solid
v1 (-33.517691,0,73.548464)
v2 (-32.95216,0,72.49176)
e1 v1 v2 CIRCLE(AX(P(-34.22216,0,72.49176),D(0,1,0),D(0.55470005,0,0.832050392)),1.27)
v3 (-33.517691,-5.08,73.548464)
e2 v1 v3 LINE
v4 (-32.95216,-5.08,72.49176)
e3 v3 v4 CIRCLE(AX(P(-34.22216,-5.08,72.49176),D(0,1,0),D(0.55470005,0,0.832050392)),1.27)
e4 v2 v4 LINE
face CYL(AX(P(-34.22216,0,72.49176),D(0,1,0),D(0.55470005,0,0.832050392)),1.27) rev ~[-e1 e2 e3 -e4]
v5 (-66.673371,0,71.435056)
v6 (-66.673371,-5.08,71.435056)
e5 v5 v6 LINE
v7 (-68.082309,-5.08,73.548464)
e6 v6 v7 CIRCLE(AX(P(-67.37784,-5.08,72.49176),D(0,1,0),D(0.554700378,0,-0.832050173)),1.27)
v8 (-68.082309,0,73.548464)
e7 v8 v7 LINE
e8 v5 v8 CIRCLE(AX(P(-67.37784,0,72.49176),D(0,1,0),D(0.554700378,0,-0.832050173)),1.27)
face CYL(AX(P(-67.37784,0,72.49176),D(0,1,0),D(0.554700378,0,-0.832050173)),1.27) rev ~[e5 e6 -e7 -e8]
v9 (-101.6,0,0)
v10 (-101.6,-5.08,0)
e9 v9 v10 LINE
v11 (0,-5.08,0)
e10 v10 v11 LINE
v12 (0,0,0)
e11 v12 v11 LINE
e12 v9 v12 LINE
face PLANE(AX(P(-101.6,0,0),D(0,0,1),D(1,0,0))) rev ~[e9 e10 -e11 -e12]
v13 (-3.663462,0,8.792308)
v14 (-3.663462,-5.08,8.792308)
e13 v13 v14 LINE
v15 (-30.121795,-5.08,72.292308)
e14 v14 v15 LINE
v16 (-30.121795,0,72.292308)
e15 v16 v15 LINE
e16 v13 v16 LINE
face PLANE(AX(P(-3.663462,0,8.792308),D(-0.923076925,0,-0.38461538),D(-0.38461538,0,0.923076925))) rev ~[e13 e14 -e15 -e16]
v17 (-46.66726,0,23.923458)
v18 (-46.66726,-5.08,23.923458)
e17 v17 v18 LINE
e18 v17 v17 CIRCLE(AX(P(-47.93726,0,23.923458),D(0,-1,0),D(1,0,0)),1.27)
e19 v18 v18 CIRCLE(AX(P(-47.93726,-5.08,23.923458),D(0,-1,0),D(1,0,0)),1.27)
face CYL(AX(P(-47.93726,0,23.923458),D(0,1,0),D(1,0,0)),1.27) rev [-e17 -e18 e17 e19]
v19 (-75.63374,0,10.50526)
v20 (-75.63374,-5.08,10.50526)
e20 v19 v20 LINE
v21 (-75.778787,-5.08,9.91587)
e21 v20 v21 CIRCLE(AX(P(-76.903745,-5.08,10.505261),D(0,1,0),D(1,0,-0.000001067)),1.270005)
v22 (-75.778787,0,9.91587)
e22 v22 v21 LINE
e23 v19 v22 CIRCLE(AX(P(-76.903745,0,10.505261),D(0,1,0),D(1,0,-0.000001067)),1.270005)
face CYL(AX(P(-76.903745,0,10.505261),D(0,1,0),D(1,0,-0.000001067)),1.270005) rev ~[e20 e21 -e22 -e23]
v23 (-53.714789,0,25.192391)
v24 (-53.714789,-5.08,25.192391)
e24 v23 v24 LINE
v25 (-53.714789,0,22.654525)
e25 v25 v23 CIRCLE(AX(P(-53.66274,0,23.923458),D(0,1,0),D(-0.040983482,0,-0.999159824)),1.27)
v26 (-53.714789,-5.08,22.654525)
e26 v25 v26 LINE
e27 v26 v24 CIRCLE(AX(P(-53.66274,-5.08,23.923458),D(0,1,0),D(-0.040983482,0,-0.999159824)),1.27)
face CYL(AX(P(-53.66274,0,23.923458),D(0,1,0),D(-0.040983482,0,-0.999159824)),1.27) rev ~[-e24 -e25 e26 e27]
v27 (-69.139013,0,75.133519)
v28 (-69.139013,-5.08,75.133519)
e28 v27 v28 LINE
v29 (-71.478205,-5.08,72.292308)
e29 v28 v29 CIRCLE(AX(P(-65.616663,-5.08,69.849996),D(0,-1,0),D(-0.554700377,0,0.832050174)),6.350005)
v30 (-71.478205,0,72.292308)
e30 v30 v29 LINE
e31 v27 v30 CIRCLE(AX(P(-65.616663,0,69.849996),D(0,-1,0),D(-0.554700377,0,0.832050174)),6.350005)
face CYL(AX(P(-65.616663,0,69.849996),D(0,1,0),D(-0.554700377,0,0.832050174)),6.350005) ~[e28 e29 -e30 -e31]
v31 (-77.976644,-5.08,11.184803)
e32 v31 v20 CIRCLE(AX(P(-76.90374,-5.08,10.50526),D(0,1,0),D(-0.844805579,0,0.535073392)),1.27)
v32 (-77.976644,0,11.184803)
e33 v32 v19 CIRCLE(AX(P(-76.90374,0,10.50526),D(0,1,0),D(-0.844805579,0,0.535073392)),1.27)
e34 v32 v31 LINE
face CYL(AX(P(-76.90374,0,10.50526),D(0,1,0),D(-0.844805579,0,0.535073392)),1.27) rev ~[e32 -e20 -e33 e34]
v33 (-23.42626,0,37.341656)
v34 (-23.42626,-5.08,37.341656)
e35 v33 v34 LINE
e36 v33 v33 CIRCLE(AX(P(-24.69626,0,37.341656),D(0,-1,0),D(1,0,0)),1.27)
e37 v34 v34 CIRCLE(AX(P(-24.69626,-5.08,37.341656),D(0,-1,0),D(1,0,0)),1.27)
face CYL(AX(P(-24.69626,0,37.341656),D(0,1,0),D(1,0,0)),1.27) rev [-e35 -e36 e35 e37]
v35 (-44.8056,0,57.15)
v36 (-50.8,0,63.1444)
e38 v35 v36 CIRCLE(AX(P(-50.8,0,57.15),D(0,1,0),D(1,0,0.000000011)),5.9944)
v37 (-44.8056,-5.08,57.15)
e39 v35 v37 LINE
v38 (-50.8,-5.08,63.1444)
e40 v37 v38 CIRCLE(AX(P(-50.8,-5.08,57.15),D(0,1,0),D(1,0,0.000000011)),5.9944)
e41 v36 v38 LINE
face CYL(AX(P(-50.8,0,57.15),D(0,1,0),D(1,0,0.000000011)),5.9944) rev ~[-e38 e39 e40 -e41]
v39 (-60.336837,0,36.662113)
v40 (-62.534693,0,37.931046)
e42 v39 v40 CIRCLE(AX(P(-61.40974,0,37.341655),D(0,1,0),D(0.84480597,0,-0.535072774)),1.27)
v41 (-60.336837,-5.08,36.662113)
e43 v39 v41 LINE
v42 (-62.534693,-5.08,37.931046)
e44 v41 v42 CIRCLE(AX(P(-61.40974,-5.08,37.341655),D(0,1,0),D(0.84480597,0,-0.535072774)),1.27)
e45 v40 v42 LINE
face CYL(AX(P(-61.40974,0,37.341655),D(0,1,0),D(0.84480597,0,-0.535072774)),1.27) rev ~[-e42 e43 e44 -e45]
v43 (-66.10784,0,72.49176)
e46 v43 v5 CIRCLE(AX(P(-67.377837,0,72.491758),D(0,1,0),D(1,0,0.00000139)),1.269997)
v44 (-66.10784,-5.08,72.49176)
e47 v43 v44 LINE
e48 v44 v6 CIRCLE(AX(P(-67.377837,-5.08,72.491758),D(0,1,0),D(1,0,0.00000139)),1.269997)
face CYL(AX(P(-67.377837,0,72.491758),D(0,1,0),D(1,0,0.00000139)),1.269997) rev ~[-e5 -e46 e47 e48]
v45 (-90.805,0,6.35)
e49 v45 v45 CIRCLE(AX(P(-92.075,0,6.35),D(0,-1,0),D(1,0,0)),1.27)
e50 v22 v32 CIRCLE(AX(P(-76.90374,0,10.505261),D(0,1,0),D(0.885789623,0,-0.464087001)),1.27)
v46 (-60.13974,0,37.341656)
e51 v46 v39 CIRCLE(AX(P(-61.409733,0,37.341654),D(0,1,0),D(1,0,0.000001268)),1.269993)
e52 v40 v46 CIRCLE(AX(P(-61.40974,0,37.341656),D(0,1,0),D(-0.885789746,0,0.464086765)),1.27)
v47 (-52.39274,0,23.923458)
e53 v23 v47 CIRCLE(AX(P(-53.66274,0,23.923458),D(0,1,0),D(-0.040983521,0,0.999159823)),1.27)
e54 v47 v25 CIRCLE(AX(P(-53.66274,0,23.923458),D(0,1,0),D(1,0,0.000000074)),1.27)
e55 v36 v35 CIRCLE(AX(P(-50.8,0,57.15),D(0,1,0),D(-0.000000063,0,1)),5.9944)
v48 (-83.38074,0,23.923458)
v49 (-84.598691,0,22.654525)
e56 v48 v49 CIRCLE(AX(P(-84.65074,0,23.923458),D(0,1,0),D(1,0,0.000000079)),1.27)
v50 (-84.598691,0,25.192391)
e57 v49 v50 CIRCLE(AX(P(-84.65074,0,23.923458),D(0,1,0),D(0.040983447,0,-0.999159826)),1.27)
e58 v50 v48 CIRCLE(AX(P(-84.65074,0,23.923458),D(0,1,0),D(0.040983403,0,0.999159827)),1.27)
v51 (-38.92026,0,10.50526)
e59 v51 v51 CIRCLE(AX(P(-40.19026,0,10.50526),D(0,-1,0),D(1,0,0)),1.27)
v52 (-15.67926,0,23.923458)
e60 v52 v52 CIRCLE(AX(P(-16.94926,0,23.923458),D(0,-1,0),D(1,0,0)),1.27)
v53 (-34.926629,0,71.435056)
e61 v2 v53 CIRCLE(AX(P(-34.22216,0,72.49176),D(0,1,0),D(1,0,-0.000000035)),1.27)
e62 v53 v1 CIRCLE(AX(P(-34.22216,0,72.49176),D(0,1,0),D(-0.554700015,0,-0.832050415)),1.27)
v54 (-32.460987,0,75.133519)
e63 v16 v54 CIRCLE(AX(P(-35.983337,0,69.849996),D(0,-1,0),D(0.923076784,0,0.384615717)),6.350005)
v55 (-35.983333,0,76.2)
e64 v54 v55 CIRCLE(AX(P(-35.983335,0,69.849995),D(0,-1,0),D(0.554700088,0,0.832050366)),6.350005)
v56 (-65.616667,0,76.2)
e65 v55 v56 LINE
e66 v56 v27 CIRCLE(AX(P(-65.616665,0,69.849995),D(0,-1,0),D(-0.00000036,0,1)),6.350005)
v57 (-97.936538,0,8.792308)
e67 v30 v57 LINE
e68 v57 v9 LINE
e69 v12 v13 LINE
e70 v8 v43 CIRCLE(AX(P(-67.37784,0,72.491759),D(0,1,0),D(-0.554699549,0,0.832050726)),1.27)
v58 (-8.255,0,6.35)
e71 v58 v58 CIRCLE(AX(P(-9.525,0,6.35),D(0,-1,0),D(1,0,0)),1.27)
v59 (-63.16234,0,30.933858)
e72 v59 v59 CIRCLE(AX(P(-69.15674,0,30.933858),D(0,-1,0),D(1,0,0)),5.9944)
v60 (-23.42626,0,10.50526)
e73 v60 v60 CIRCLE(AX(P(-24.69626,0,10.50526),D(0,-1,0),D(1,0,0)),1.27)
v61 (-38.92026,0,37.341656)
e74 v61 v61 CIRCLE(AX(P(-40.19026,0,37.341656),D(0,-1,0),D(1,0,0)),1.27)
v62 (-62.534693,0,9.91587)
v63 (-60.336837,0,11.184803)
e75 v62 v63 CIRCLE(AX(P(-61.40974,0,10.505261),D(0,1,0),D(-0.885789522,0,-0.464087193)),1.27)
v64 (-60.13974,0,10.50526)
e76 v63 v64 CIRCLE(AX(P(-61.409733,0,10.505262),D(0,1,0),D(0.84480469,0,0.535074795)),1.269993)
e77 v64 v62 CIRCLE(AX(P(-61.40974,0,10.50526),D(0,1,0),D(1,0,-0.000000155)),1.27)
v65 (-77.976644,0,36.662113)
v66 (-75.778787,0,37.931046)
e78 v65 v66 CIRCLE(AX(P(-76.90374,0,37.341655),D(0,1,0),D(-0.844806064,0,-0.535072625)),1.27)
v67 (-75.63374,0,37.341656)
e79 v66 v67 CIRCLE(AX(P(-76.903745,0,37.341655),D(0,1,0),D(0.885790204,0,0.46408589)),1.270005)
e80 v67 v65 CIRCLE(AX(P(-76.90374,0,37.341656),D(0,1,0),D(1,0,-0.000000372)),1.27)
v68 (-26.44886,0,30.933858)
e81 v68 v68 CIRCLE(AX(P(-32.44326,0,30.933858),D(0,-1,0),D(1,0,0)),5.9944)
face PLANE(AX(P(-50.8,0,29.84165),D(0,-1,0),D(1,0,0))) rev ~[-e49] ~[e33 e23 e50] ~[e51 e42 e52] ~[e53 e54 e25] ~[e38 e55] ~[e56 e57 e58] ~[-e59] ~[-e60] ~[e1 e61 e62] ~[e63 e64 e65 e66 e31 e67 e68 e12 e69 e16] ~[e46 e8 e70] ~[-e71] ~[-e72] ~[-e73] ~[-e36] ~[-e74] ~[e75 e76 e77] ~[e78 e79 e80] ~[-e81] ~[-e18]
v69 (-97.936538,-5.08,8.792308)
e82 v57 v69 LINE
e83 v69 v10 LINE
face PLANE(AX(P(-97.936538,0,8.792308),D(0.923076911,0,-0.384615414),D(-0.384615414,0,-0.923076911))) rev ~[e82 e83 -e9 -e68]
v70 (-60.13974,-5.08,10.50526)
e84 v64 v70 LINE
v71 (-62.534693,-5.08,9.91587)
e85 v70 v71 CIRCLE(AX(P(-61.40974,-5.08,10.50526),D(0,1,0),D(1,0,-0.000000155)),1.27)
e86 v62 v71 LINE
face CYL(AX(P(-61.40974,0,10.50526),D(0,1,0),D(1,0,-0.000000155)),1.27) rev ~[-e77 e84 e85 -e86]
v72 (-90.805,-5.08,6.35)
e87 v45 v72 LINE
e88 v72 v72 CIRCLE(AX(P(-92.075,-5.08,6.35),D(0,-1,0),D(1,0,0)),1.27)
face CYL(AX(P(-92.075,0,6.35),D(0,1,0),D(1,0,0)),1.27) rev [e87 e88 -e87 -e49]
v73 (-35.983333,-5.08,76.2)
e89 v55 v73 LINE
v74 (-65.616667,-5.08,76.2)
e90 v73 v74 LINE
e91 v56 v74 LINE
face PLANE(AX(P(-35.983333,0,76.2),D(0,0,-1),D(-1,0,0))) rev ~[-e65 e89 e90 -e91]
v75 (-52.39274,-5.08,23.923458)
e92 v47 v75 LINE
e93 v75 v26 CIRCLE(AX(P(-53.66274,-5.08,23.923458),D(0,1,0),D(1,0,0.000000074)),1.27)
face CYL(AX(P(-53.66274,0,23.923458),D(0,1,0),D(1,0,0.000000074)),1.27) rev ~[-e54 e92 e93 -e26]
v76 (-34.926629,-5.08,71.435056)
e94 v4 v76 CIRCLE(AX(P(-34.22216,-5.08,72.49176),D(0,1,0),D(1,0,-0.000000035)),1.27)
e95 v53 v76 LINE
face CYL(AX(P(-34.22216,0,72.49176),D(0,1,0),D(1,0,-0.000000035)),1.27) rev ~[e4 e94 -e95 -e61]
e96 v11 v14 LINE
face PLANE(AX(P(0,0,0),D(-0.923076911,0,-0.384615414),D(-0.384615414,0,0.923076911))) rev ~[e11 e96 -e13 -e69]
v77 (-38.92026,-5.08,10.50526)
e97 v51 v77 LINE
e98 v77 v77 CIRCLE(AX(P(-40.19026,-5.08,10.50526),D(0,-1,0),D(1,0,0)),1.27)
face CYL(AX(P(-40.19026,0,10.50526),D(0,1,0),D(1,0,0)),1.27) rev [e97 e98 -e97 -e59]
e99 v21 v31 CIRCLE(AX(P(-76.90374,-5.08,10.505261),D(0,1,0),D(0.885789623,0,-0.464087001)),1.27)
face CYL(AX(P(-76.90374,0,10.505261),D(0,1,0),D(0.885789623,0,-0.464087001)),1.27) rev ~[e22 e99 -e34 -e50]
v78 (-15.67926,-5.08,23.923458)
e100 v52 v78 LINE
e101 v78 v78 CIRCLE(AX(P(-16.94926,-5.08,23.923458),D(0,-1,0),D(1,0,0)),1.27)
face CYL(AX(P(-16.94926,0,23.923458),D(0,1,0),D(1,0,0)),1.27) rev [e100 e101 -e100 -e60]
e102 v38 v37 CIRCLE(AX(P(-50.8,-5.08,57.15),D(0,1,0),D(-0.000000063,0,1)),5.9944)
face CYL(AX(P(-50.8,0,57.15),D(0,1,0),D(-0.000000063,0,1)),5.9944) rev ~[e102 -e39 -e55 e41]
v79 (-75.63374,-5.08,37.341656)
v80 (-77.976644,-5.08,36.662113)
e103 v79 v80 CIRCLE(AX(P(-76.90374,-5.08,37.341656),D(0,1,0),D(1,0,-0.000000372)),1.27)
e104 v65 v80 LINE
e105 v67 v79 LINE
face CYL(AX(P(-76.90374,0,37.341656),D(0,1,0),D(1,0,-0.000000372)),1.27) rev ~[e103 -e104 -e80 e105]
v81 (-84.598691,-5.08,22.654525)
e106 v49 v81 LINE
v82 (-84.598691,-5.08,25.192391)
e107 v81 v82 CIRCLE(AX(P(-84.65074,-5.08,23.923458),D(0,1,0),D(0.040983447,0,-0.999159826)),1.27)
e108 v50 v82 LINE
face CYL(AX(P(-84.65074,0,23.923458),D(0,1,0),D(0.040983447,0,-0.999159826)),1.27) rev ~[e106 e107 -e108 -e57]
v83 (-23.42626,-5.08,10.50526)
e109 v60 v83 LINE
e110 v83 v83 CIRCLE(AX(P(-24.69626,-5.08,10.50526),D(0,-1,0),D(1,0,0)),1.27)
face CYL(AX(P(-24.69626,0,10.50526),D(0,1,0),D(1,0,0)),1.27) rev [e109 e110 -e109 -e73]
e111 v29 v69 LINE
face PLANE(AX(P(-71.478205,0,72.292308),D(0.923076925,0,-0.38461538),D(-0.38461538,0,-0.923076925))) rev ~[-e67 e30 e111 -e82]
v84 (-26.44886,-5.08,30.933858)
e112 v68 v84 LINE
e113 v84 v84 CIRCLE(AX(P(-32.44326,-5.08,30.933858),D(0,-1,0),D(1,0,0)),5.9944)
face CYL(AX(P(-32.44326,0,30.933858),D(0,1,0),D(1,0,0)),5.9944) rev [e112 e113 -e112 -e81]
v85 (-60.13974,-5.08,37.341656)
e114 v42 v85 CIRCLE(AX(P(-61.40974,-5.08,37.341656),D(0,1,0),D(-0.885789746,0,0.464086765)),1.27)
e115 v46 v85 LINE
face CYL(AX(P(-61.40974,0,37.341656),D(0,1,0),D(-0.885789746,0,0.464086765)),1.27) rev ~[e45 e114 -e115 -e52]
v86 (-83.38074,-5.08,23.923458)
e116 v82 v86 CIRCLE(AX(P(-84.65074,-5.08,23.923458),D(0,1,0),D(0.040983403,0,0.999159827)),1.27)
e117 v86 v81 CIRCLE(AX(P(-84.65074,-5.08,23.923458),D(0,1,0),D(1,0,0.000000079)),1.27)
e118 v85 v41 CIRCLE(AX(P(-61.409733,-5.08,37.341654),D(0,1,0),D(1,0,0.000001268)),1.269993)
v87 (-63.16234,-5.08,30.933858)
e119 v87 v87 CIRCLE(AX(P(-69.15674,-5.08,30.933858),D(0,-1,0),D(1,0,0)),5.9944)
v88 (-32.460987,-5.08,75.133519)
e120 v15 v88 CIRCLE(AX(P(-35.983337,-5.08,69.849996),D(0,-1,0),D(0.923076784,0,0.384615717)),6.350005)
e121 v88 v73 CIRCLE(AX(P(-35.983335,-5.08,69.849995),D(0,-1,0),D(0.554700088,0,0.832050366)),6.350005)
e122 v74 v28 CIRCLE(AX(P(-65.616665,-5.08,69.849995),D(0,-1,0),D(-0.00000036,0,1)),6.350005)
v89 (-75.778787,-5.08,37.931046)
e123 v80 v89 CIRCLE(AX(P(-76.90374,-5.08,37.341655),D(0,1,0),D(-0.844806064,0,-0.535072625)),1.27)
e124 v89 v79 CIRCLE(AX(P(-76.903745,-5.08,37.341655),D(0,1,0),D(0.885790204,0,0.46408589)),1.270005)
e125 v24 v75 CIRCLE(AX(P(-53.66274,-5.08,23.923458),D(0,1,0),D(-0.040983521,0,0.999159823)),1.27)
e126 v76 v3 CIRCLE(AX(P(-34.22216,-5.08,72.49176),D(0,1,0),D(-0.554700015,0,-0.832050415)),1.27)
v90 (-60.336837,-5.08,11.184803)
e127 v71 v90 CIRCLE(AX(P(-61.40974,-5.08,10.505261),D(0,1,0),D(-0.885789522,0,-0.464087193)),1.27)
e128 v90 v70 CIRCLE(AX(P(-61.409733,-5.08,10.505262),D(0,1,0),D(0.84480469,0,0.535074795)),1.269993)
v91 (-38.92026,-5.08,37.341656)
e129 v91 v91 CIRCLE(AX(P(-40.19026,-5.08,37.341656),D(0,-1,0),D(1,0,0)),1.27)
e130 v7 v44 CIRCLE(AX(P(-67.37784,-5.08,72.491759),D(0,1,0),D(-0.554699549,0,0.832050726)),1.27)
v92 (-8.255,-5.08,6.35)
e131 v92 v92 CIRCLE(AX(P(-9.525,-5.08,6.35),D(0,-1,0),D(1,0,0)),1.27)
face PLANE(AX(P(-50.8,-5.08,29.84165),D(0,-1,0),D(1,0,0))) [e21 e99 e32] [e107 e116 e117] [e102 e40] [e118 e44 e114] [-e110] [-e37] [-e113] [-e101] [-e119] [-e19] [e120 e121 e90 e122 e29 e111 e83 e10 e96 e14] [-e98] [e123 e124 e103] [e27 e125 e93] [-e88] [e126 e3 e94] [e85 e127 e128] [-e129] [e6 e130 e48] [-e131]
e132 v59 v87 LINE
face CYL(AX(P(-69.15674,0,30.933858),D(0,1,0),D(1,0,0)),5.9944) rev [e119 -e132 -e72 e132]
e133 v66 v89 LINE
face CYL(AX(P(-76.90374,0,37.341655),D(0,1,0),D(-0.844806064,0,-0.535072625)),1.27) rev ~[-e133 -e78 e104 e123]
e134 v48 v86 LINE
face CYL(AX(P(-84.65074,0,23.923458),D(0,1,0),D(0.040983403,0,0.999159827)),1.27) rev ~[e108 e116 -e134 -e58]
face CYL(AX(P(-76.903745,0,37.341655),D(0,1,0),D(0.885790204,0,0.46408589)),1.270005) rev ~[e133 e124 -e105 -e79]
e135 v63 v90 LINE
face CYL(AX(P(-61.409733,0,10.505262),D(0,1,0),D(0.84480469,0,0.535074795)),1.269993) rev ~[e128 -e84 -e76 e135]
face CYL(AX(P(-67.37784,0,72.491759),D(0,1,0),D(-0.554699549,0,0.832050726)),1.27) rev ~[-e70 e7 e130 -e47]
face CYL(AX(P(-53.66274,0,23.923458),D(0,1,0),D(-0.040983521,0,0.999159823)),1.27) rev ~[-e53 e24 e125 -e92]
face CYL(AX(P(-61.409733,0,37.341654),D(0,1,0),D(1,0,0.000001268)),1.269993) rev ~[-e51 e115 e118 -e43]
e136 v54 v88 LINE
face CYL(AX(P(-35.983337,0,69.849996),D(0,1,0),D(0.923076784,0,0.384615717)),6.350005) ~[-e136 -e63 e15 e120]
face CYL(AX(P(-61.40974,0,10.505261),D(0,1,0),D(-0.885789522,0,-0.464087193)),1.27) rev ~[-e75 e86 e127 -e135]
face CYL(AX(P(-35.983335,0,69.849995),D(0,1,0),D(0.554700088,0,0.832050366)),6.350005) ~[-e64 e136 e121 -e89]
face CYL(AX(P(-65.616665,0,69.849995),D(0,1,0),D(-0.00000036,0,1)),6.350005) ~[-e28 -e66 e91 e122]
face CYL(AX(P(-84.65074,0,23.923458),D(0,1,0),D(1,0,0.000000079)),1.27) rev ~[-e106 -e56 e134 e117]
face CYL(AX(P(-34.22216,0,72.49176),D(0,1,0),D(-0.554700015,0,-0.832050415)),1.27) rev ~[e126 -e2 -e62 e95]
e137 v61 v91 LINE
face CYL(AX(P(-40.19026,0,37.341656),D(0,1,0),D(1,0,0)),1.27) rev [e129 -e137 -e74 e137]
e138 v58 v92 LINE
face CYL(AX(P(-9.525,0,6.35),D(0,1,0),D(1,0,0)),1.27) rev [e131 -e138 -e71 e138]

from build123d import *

# Parameters (mm, degrees)
F0_R     = 1.27
F0_R_2   = 5.9944
F1_DEPTH = 5.08


with BuildPart() as f1:
    # F0 (on Front) → F1 (new body)
    with BuildSketch(Plane.XZ):
        with BuildLine():
            Line((-92.075, 0), (-9.525, 0))
            Line((-9.525, 0), (0, 0))
            Line((0, 0), (-3.663462, 8.792308))
            Line((-3.663462, 8.792308), (-30.121795, 72.292308))
            ThreePointArc((-30.121795, 72.292308), (-31.081044, 73.886094), (-32.460987, 75.133519))
            ThreePointArc((-32.460987, 75.133519), (-34.143204, 75.927534), (-35.983333, 76.2))
            Line((-35.983333, 76.2), (-50.8, 76.2))
            Line((-50.8, 76.2), (-65.616667, 76.2))
            ThreePointArc((-65.616667, 76.2), (-67.456796, 75.927534), (-69.139013, 75.133519))
            ThreePointArc((-69.139013, 75.133519), (-70.518956, 73.886094), (-71.478205, 72.292308))
            Line((-71.478205, 72.292308), (-97.936538, 8.792308))
            Line((-97.936538, 8.792308), (-101.6, 0))
            Line((-101.6, 0), (-92.075, 0))
        make_face()
        with Locations((-92.075, 6.35)):
            Circle(F0_R, mode=Mode.SUBTRACT)
        with BuildLine():
            ThreePointArc((-60.336837, 36.662113), (-55.738543, 31.670458), (-53.714789, 25.192391))
            ThreePointArc((-53.714789, 25.192391), (-52.783309, 24.839701), (-52.39274, 23.923458))
            ThreePointArc((-52.39274, 23.923458), (-52.783309, 23.007215), (-53.714789, 22.654525))
            ThreePointArc((-53.714789, 22.654525), (-55.738543, 16.176458), (-60.336837, 11.184803))
            ThreePointArc((-60.336837, 11.184803), (-60.190009, 10.859035), (-60.13974, 10.50526))
            ThreePointArc((-60.13974, 10.50526), (-61.106252, 9.272055), (-62.534693, 9.91587))
            ThreePointArc((-62.534693, 9.91587), (-69.15674, 8.429458), (-75.778787, 9.91587))
            ThreePointArc((-75.778787, 9.91587), (-77.53874, 9.405408), (-77.976644, 11.184803))
            ThreePointArc((-77.976644, 11.184803), (-82.574938, 16.176458), (-84.598691, 22.654525))
            ThreePointArc((-84.598691, 22.654525), (-85.92074, 23.923458), (-84.598691, 25.192391))
            ThreePointArc((-84.598691, 25.192391), (-82.574938, 31.670458), (-77.976644, 36.662113))
            ThreePointArc((-77.976644, 36.662113), (-77.53874, 38.441508), (-75.778787, 37.931046))
            ThreePointArc((-75.778787, 37.931046), (-69.15674, 39.417458), (-62.534693, 37.931046))
            ThreePointArc((-62.534693, 37.931046), (-61.106252, 38.574861), (-60.13974, 37.341656))
            ThreePointArc((-60.13974, 37.341656), (-60.190009, 36.987881), (-60.336837, 36.662113))
        make_face(mode=Mode.SUBTRACT)
        with Locations((-40.19026, 10.50526)):
            Circle(F0_R, mode=Mode.SUBTRACT)
        with Locations((-9.525, 6.35)):
            Circle(F0_R, mode=Mode.SUBTRACT)
        with Locations((-24.69626, 10.50526)):
            Circle(F0_R, mode=Mode.SUBTRACT)
        with Locations((-47.93726, 23.923458)):
            Circle(F0_R, mode=Mode.SUBTRACT)
        with Locations((-40.19026, 37.341656)):
            Circle(F0_R, mode=Mode.SUBTRACT)
        with Locations((-32.44326, 30.933858)):
            Circle(F0_R_2, mode=Mode.SUBTRACT)
        with Locations((-16.94926, 23.923458)):
            Circle(F0_R, mode=Mode.SUBTRACT)
        with Locations((-24.69626, 37.341656)):
            Circle(F0_R, mode=Mode.SUBTRACT)
        with BuildLine():
            ThreePointArc((-44.8056, 57.15), (-55.038681, 52.911319), (-50.8, 63.1444))
            ThreePointArc((-50.8, 63.1444), (-46.561319, 61.388681), (-44.8056, 57.15))
        make_face(mode=Mode.SUBTRACT)
        with BuildLine():
            ThreePointArc((-66.673371, 71.435056), (-68.434544, 71.78729), (-68.082309, 73.548464))
            ThreePointArc((-68.082309, 73.548464), (-66.77858, 73.611486), (-66.10784, 72.49176))
            ThreePointArc((-66.10784, 72.49176), (-66.258113, 71.8925), (-66.673371, 71.435056))
        make_face(mode=Mode.SUBTRACT)
        with BuildLine():
            ThreePointArc((-34.926629, 71.435056), (-35.278864, 73.196229), (-33.517691, 73.548464))
            ThreePointArc((-33.517691, 73.548464), (-33.102433, 73.091019), (-32.95216, 72.49176))
            ThreePointArc((-32.95216, 72.49176), (-33.622901, 71.372033), (-34.926629, 71.435056))
        make_face(mode=Mode.SUBTRACT)
        with BuildLine():
            ThreePointArc((-53.714789, 22.654525), (-54.93274, 23.923458), (-53.714789, 25.192391))
            ThreePointArc((-53.714789, 25.192391), (-55.738543, 31.670458), (-60.336837, 36.662113))
            ThreePointArc((-60.336837, 36.662113), (-62.04474, 36.241803), (-62.534693, 37.931046))
            ThreePointArc((-62.534693, 37.931046), (-69.15674, 39.417458), (-75.778787, 37.931046))
            ThreePointArc((-75.778787, 37.931046), (-75.670535, 37.645144), (-75.63374, 37.341656))
            ThreePointArc((-75.63374, 37.341656), (-76.549966, 36.121925), (-77.976644, 36.662113))
            ThreePointArc((-77.976644, 36.662113), (-82.574938, 31.670458), (-84.598691, 25.192391))
            ThreePointArc((-84.598691, 25.192391), (-83.734497, 24.802889), (-83.38074, 23.923458))
            ThreePointArc((-83.38074, 23.923458), (-83.734497, 23.044027), (-84.598691, 22.654525))
            ThreePointArc((-84.598691, 22.654525), (-82.574938, 16.176458), (-77.976644, 11.184803))
            ThreePointArc((-77.976644, 11.184803), (-76.549966, 11.724991), (-75.63374, 10.50526))
            ThreePointArc((-75.63374, 10.50526), (-75.670535, 10.201772), (-75.778787, 9.91587))
            ThreePointArc((-75.778787, 9.91587), (-69.15674, 8.429458), (-62.534693, 9.91587))
            ThreePointArc((-62.534693, 9.91587), (-62.04474, 11.605113), (-60.336837, 11.184803))
            ThreePointArc((-60.336837, 11.184803), (-55.738543, 16.176458), (-53.714789, 22.654525))
        make_face()
        with Locations((-69.15674, 30.933858)):
            Circle(F0_R_2, mode=Mode.SUBTRACT)
    extrude(amount=F1_DEPTH)


solid = f1.part
